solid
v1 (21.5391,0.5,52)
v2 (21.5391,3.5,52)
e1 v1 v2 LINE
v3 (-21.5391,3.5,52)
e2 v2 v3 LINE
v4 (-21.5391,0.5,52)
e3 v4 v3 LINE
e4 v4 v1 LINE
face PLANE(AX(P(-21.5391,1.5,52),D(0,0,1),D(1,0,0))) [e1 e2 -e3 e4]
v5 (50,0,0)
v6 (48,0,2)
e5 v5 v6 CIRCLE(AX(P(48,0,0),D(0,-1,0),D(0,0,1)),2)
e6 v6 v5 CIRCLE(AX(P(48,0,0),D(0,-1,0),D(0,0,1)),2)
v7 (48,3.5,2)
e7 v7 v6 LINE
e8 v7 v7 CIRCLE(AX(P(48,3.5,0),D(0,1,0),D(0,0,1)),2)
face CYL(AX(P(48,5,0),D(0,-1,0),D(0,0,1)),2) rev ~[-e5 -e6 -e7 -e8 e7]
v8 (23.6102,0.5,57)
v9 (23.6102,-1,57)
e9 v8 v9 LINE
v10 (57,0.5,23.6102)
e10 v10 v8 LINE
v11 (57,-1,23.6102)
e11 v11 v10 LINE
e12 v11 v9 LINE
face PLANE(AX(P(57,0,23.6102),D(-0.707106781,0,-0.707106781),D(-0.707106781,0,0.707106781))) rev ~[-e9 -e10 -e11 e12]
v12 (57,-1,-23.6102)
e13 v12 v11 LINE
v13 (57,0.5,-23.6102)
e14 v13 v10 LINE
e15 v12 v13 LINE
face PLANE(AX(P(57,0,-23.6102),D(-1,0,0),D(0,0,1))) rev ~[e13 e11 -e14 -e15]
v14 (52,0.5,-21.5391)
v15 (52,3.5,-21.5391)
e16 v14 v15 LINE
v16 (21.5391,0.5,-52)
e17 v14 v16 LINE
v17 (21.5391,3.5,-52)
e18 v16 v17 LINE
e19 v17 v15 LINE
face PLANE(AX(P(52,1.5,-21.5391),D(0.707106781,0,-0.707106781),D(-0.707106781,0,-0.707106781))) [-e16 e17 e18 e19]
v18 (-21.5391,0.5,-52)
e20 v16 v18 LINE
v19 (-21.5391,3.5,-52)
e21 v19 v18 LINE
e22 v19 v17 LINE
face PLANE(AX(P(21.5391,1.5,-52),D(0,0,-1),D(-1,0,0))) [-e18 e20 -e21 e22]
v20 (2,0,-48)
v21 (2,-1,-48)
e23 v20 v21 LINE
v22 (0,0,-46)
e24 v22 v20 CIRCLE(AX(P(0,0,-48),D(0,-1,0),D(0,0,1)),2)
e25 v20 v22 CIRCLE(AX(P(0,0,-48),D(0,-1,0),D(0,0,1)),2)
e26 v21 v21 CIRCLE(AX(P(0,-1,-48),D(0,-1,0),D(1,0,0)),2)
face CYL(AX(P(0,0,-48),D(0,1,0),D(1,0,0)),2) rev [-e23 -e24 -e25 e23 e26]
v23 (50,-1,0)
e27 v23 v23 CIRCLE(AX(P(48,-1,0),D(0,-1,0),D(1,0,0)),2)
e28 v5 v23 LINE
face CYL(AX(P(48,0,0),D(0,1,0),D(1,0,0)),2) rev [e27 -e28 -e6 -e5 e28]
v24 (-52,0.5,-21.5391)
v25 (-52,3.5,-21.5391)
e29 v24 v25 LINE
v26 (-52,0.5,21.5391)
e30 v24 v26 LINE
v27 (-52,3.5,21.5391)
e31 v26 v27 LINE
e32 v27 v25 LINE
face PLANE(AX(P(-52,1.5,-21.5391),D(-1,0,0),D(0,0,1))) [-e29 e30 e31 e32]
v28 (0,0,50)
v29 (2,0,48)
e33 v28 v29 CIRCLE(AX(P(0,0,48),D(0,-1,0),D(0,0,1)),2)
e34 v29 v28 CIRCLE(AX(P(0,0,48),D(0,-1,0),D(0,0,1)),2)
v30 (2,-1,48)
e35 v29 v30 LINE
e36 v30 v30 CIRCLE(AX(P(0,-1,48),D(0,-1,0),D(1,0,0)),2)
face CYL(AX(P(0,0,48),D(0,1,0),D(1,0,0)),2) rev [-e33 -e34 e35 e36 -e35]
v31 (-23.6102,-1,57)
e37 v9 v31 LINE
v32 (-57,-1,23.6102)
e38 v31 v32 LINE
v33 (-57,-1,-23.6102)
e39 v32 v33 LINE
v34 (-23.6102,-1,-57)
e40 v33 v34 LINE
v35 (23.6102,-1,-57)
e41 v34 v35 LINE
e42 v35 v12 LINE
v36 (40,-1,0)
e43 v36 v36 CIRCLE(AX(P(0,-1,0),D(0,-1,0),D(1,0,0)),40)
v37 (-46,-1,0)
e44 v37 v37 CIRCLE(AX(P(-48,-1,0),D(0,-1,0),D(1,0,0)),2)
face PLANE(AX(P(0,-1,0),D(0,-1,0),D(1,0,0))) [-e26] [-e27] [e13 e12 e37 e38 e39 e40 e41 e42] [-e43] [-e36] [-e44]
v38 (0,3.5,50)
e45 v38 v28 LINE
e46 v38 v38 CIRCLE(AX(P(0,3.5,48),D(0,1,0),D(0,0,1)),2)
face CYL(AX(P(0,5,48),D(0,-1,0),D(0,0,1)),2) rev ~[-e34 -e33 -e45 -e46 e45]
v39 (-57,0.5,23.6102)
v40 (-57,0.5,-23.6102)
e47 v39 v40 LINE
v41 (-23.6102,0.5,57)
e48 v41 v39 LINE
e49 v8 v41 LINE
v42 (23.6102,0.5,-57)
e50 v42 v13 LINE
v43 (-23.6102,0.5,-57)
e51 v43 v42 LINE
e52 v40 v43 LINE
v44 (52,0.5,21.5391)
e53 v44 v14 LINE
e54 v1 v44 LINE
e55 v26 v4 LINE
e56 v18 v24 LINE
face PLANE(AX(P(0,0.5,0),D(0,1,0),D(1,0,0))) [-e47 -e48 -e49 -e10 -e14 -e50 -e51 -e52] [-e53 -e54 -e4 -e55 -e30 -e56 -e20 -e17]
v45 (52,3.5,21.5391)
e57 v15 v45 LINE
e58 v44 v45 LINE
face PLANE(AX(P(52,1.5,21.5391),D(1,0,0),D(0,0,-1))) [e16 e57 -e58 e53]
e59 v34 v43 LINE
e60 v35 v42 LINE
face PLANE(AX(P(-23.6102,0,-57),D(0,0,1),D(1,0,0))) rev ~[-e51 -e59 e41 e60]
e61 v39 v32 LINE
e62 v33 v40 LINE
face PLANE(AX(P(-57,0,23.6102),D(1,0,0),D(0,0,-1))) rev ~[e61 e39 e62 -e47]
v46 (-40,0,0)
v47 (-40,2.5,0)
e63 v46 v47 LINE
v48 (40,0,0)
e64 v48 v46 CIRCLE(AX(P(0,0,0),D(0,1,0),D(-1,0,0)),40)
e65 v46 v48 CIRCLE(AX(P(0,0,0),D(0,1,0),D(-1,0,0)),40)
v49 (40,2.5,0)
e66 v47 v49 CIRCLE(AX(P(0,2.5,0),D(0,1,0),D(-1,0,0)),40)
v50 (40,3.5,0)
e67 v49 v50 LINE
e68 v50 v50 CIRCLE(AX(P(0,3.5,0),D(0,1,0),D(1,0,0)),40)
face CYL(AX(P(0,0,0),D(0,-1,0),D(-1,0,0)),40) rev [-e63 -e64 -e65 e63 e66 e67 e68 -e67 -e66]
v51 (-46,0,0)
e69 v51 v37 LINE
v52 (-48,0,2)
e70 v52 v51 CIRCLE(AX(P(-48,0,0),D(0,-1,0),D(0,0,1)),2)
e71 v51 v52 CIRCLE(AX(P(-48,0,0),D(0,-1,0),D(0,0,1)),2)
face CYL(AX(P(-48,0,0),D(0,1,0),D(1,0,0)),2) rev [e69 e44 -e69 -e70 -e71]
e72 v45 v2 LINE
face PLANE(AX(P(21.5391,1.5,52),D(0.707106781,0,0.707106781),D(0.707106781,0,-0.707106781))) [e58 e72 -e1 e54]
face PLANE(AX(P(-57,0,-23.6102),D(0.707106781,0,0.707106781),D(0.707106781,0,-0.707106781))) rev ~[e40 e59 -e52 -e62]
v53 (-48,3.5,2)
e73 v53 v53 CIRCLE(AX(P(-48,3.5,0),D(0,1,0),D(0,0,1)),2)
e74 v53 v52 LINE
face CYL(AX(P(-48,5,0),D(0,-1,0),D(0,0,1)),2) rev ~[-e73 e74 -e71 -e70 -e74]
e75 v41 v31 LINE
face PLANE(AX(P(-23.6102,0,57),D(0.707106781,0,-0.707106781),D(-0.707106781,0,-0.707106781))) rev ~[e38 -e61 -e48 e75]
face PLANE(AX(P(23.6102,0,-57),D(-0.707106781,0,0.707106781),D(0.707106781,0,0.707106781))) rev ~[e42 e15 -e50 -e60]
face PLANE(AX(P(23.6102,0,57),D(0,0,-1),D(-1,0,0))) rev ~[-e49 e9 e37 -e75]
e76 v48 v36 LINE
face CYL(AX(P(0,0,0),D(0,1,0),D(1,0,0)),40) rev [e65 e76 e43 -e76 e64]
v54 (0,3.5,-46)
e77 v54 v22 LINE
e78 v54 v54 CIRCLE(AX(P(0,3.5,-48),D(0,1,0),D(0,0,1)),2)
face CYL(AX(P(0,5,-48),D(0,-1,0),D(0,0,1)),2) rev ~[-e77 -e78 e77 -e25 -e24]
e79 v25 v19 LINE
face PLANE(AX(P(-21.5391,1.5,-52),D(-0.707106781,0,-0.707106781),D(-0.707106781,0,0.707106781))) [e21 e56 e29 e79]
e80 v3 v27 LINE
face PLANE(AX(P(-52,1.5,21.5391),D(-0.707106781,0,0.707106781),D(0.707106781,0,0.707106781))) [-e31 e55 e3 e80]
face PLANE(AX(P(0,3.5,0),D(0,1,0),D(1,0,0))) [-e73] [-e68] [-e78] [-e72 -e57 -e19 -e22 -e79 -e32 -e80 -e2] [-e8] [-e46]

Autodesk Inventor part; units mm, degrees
ref_plane "YZ Plane" through (0, 0, 0) normal (1, 0, 0) x (0, 1, 0)
ref_plane "XZ Plane" through (0, 0, 0) normal (0, 1, 0) x (-1, 0, 0)
ref_plane "XY Plane" through (0, 0, 0) normal (0, 0, 1) x (1, 0, 0)
sketch "Skizze4" plane through (0, 0, 0) normal (0, 1, 0) x (-1, 0, 0)
  line L0 (-23.6102, 57) -> (23.6102, 57)
  line L1 (23.6102, 57) -> (57, 23.6102)
  line L2 (57, 23.6102) -> (57, -23.6102)
  line L3 (57, -23.6102) -> (23.6102, -57)
  line L4 (23.6102, -57) -> (-23.6102, -57)
  line L5 (-23.6102, -57) -> (-57, -23.6102)
  line L6 (-57, -23.6102) -> (-57, 23.6102)
  line L7 (-57, 23.6102) -> (-23.6102, 57)
  line L8 (0, -79.8) -> (0, 79.8) construction
  line L9 (79.8, 0) -> (-79.8, 0) construction
  circle A0 centre (0, 0) radius 40
  dimension "d4" = 114
  dimension "d5" = 80
extrude "Extrusion2" add sketch "Skizze4" along normal blind 2.5
sketch "Skizze5" plane through (0, 2.5, 0) normal (0, 1, 0) x (1, 0, 0)
  circle A0 centre (0, 0) radius 40 projected
  line L0 (-23.6102, -57) -> (23.6102, -57) projected
  line L1 (23.6102, -57) -> (57, -23.6102) projected
  line L2 (57, -23.6102) -> (57, 23.6102) projected
  line L3 (57, 23.6102) -> (23.6102, 57) projected
  line L4 (23.6102, 57) -> (-23.6102, 57) projected
  line L5 (-23.6102, 57) -> (-57, 23.6102) projected
  line L6 (-57, 23.6102) -> (-57, -23.6102) projected
  line L7 (-57, -23.6102) -> (-23.6102, -57) projected
  line L8 (-52, 21.5391) -> (-21.5391, 52)
  line L9 (-21.5391, 52) -> (21.5391, 52)
  line L10 (21.5391, 52) -> (52, 21.5391)
  line L11 (52, 21.5391) -> (52, -21.5391)
  line L12 (52, -21.5391) -> (21.5391, -52)
  line L13 (21.5391, -52) -> (-21.5391, -52)
  line L14 (-21.5391, -52) -> (-52, -21.5391)
  line L15 (-52, -21.5391) -> (-52, 21.5391)
  dimension "d8" = 5
extrude "Extrusion3" add sketch "Skizze5" along normal blind 2.5 contours L8 L9 L10 L11 L12 L13 L14 L15
sketch "Skizze6" plane through (0, 5, 0) normal (0, 1, 0) x (1, 0, 0)
  circle A0 centre (0, 0) radius 40 construction
  line L0 (-21.5391, 52) -> (-52, 21.5391) construction
  line L1 (-52, 21.5391) -> (-52, -21.5391) construction
  line L2 (-52, -21.5391) -> (-21.5391, -52) construction
  line L3 (-21.5391, -52) -> (21.5391, -52) construction
  line L4 (21.5391, -52) -> (52, -21.5391) construction
  line L5 (52, -21.5391) -> (52, 21.5391) construction
  line L6 (52, 21.5391) -> (21.5391, 52) construction
  line L7 (21.5391, 52) -> (-21.5391, 52) construction
  line L8 (0, 79.8) -> (0, -79.8) construction
  point P0 (0, 48)
  point P1 (-48, 0)
  point P2 (0, -48)
  point P3 (48, 0)
  dimension "d11" = 48
  dimension "d14" = 360
hole "Bohrung1" at (0, 5, -48) at (-48, 5, 0) at (0, 5, 48) at (48, 5, 0) direction (0, -1, 0) diameter 4 end through all
sketch "Skizze7" plane through (0, 2.5, 0) normal (0, 1, 0) x (1, 0, 0)
  line L0 (-21.5391, 52) -> (21.5391, 52) projected
  line L1 (21.5391, 52) -> (52, 21.5391) projected
  line L2 (52, 21.5391) -> (52, -21.5391) projected
  line L3 (52, -21.5391) -> (21.5391, -52) projected
  line L4 (21.5391, -52) -> (-21.5391, -52) projected
  line L5 (-21.5391, -52) -> (-52, -21.5391) projected
  line L6 (-52, -21.5391) -> (-52, 21.5391) projected
  line L7 (-52, 21.5391) -> (-21.5391, 52) projected
  line L8 (-23.6102, -57) -> (23.6102, -57) projected
  line L9 (23.6102, -57) -> (57, -23.6102) projected
  line L10 (57, -23.6102) -> (57, 23.6102) projected
  line L11 (57, 23.6102) -> (23.6102, 57) projected
  line L12 (23.6102, 57) -> (-23.6102, 57) projected
  line L13 (-23.6102, 57) -> (-57, 23.6102) projected
  line L14 (-57, 23.6102) -> (-57, -23.6102) projected
  line L15 (-57, -23.6102) -> (-23.6102, -57) projected
  point P0 (0, 0)
extrude "Extrusion4" cut sketch "Skizze7" against normal blind 1
sketch "Skizze8" plane through (0, 0, 0) normal (0, -1, 0) x (1, 0, 0)
  circle A0 centre (0, 48) radius 2 projected
  circle A1 centre (0, -48) radius 2 projected
  circle A2 centre (-48, 0) radius 2 projected
  circle A3 centre (48, 0) radius 2 projected
  circle A4 centre (0, 0) radius 40 projected
  line L0 (23.6102, 57) -> (-23.6102, 57) projected
  line L1 (-23.6102, 57) -> (-57, 23.6102) projected
  line L2 (-57, 23.6102) -> (-57, -23.6102) projected
  line L3 (-57, -23.6102) -> (-23.6102, -57) projected
  line L4 (-23.6102, -57) -> (23.6102, -57) projected
  line L5 (23.6102, -57) -> (57, -23.6102) projected
  line L6 (57, -23.6102) -> (57, 23.6102) projected
  line L7 (57, 23.6102) -> (23.6102, 57) projected
extrude "Extrusion5" add sketch "Skizze8" along normal blind 1
sketch "Skizze9" plane through (0, 5, 0) normal (0, 1, 0) x (1, 0, 0)
  circle A0 centre (0, -48) radius 2 projected
  circle A1 centre (0, 48) radius 2 projected
  circle A2 centre (-48, 0) radius 2 projected
  circle A3 centre (48, 0) radius 2 projected
  circle A4 centre (0, 0) radius 40 projected
  line L0 (-21.5391, 52) -> (-52, 21.5391) projected
  line L1 (-52, 21.5391) -> (-52, -21.5391) projected
  line L2 (-52, -21.5391) -> (-21.5391, -52) projected
  line L3 (-21.5391, -52) -> (21.5391, -52) projected
  line L4 (21.5391, -52) -> (52, -21.5391) projected
  line L5 (52, -21.5391) -> (52, 21.5391) projected
  line L6 (52, 21.5391) -> (21.5391, 52) projected
  line L7 (21.5391, 52) -> (-21.5391, 52) projected
extrude "Extrusion6" cut sketch "Skizze9" against normal blind 0.5 contours A0 | A1 | A2 | A3 | L7 L6 L5 L4 L3 L2 L1 L0
sketch "Skizze10" plane through (0, 4.5, 0) normal (0, 1, 0) x (1, 0, 0)
  point P0 (0, 0)
sketch "Skizze11" plane through (0, 4.5, 0) normal (0, 1, 0) x (1, 0, 0)
  circle A0 centre (0, -48) radius 2 projected
  circle A1 centre (0, 48) radius 2 projected
  circle A2 centre (-48, 0) radius 2 projected
  circle A3 centre (48, 0) radius 2 projected
  circle A4 centre (0, 0) radius 40 projected
  line L0 (-52, 21.5391) -> (-21.5391, 52) projected
  line L1 (-52, -21.5391) -> (-52, 21.5391) projected
  line L2 (-21.5391, -52) -> (-52, -21.5391) projected
  line L3 (21.5391, -52) -> (-21.5391, -52) projected
  line L4 (52, -21.5391) -> (21.5391, -52) projected
  line L5 (52, 21.5391) -> (52, -21.5391) projected
  line L6 (21.5391, 52) -> (52, 21.5391) projected
  line L7 (-21.5391, 52) -> (21.5391, 52) projected
extrude "Extrusion7" cut sketch "Skizze11" against normal blind 1
sketch "Skizze12" plane through (0, 1.5, 0) normal (0, 1, 0) x (1, 0, 0)
  line L0 (-21.5391, 52) -> (-52, 21.5391) projected
  line L1 (21.5391, 52) -> (-21.5391, 52) projected
  line L2 (52, 21.5391) -> (21.5391, 52) projected
  line L3 (52, -21.5391) -> (52, 21.5391) projected
  line L4 (21.5391, -52) -> (52, -21.5391) projected
  line L5 (-21.5391, -52) -> (21.5391, -52) projected
  line L6 (-52, -21.5391) -> (-21.5391, -52) projected
  line L7 (-52, 21.5391) -> (-52, -21.5391) projected
  line L8 (23.6102, -57) -> (-23.6102, -57) projected
  line L9 (57, -23.6102) -> (23.6102, -57) projected
  line L10 (57, 23.6102) -> (57, -23.6102) projected
  line L11 (23.6102, 57) -> (57, 23.6102) projected
  line L12 (-23.6102, 57) -> (23.6102, 57) projected
  line L13 (-57, 23.6102) -> (-23.6102, 57) projected
  line L14 (-57, -23.6102) -> (-57, 23.6102) projected
  line L15 (-23.6102, -57) -> (-57, -23.6102) projected
  point P0 (0, 0)
extrude "Extrusion8" cut sketch "Skizze12" against normal blind 1
properties part number "Stage3" material "3.3547 AlMg4,5Mn (AW-5083/H111)"
